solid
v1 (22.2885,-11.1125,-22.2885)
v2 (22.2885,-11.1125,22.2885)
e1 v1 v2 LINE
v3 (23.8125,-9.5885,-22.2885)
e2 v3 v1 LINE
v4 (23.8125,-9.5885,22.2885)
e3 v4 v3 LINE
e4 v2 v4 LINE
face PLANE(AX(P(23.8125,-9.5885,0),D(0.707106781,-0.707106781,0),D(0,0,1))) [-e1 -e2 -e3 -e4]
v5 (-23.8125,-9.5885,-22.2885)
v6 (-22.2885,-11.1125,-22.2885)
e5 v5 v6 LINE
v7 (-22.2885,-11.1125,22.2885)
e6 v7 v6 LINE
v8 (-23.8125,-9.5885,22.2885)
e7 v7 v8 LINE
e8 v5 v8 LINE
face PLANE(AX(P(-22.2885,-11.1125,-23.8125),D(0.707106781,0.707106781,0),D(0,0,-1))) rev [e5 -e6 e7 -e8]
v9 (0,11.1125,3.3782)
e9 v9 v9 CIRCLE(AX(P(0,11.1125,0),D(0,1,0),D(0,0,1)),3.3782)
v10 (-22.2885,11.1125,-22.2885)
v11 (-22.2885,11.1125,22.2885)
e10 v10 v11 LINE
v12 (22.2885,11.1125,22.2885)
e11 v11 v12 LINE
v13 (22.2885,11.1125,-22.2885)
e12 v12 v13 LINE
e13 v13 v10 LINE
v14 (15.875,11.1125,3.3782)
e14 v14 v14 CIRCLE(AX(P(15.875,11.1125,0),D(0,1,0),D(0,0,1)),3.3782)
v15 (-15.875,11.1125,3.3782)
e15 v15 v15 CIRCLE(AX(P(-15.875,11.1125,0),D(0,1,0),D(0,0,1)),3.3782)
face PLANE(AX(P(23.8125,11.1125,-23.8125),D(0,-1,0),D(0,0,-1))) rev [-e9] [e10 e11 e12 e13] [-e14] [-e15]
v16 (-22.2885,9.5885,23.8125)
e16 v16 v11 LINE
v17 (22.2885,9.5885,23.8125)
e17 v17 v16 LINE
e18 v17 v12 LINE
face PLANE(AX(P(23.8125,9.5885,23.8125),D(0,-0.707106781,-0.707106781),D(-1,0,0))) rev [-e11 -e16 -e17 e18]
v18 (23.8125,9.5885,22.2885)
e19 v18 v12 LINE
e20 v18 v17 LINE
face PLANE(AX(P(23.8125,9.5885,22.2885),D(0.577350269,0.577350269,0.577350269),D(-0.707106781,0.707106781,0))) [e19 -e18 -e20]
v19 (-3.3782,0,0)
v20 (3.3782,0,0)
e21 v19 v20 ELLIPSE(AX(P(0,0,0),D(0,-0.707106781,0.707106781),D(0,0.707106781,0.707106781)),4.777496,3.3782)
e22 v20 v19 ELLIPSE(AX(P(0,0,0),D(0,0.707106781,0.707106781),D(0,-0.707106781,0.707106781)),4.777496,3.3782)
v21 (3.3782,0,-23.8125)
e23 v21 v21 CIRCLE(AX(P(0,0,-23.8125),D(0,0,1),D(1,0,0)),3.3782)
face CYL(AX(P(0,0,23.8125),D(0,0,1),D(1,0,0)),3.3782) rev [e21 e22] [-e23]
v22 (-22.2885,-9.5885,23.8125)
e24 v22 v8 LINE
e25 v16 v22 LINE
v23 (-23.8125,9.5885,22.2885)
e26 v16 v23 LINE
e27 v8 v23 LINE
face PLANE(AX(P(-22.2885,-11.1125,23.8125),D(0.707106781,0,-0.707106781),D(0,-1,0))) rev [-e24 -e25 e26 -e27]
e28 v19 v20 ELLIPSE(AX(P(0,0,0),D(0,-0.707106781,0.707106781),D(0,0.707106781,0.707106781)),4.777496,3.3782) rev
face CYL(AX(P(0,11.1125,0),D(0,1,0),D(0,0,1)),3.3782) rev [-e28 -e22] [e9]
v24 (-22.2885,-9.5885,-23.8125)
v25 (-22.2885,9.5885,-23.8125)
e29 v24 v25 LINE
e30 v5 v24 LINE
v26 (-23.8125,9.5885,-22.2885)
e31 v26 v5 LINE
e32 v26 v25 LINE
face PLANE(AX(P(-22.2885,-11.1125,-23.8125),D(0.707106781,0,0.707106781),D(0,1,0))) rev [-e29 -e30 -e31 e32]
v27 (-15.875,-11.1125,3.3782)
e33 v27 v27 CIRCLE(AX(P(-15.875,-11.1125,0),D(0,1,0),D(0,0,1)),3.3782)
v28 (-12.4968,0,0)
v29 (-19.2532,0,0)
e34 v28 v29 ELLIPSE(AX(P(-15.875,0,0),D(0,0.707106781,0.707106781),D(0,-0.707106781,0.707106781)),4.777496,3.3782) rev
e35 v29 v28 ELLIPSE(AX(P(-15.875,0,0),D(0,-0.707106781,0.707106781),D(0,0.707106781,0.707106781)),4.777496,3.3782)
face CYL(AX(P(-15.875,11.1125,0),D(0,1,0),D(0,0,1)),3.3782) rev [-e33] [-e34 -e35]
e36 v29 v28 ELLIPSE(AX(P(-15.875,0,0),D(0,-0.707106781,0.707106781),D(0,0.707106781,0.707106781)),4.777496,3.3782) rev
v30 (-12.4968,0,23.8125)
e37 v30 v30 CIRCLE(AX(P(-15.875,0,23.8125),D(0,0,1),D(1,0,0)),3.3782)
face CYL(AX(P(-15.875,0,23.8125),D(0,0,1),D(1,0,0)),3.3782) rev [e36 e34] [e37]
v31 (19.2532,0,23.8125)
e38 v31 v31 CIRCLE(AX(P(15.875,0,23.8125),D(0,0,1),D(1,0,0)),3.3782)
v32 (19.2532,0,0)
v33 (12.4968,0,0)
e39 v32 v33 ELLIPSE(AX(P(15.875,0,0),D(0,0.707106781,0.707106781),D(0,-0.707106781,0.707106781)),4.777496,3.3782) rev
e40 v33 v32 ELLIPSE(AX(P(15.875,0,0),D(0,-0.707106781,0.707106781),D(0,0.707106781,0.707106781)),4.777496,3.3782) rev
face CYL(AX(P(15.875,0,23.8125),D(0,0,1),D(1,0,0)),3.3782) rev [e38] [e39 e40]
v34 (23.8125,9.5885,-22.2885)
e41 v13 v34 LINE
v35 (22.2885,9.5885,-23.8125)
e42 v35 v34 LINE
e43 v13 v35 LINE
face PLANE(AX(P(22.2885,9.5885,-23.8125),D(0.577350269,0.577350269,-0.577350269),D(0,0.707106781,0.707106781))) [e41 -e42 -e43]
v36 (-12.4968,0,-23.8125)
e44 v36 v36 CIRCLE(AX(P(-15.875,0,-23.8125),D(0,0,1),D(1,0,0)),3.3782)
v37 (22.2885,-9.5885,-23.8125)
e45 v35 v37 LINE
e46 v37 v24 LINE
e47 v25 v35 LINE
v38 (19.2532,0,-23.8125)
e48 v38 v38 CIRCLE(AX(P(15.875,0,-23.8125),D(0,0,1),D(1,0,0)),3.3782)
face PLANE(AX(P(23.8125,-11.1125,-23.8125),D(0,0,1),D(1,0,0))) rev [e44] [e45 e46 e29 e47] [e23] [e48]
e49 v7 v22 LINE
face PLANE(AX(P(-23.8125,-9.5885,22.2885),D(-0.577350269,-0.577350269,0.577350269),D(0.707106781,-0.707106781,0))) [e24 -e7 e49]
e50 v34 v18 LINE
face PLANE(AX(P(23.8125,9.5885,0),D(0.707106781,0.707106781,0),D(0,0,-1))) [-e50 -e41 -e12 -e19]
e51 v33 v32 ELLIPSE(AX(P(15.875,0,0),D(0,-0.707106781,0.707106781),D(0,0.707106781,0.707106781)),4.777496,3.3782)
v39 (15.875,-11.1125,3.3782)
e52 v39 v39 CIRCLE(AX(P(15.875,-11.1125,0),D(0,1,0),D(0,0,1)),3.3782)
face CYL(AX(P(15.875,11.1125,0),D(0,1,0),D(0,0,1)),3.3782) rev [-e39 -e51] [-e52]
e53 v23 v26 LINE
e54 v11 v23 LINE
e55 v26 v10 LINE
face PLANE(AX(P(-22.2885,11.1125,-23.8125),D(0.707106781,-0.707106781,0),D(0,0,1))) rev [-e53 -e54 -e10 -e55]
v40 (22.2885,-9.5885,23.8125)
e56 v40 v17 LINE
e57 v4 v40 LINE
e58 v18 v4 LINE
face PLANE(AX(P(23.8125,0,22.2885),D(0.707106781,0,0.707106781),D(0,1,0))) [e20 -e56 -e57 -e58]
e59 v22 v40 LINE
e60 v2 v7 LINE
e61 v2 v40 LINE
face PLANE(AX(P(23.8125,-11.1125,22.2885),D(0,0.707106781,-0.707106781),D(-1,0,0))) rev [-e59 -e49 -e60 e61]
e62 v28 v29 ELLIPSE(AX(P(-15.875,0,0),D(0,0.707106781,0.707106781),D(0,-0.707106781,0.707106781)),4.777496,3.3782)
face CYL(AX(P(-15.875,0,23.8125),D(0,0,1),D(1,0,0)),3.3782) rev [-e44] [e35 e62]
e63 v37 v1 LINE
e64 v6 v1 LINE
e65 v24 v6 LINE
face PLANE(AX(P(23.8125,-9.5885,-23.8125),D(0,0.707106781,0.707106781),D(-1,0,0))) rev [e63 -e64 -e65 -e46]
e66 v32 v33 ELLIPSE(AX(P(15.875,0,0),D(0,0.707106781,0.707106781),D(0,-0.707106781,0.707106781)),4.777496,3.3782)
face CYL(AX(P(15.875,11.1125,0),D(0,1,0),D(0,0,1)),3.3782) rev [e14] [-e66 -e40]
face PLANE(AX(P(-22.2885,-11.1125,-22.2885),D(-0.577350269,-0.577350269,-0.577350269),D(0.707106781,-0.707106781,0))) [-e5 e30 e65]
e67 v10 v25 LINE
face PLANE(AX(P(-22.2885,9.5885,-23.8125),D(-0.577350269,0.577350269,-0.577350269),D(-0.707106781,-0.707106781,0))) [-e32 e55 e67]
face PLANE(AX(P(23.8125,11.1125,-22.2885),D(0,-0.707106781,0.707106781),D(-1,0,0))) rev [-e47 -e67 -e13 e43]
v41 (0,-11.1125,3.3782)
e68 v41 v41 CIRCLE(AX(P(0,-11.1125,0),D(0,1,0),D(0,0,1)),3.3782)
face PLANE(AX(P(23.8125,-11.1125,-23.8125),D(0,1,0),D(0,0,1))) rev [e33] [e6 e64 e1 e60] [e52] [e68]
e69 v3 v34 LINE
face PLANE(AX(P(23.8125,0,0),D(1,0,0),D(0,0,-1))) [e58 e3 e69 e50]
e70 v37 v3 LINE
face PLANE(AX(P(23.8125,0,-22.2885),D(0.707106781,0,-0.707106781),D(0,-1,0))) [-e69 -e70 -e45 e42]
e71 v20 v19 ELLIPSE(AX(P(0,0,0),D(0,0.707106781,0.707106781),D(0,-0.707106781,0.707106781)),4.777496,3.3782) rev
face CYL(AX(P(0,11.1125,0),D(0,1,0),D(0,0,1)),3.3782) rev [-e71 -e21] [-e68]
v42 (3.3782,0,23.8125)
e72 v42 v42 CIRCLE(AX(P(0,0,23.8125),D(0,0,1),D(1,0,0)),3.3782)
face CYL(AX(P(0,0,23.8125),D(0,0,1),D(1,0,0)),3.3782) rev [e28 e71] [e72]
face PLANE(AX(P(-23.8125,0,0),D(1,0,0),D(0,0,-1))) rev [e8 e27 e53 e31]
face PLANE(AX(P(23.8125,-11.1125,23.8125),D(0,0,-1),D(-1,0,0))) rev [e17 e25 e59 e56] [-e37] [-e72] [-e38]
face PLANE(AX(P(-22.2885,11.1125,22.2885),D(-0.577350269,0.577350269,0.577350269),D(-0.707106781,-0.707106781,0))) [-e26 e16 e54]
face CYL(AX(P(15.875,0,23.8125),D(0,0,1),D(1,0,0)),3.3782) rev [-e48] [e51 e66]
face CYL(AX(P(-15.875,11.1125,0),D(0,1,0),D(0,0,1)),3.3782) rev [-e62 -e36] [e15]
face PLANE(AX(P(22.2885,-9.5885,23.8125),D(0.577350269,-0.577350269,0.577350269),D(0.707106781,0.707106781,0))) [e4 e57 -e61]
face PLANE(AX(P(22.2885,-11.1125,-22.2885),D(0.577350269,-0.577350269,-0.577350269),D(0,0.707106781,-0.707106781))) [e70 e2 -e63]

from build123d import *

# Parameters (mm, degrees)
SKETCH1_W               = 47.625
SKETCH1_H               = 22.225
BOSS_EXTRUDE1_DEPTH     = 23.8125
F_1_4_CLEARANCE_HOLE1_D = 6.7564
F_1_4_CLEARANCE_HOLE2_D = 6.7564
CHAMFER1_SIZE           = 1.524


with BuildPart() as part:
    # Sketch1 → Boss-Extrude1 (new, symmetric)
    with BuildSketch(Plane(origin=(0, 0, 0), x_dir=(0, 0, -1), z_dir=(1, 0, 0))):
        Rectangle(SKETCH1_W, SKETCH1_H)
    extrude(amount=BOSS_EXTRUDE1_DEPTH, both=True)

    # 1/4 Clearance Hole1 (through all)
    with Locations(Plane.XY.offset(23.8125)):
        with Locations((0, 0), (-15.875, 0), (15.875, 0)):
            Hole(F_1_4_CLEARANCE_HOLE1_D / 2)

    # 1/4 Clearance Hole2 (through all)
    with Locations(Plane(origin=(0, 11.1125, 0), x_dir=(1, 0, 0), z_dir=(0, 1, 0))):
        with Locations((-15.875, 0), (15.875, 0), (0, 0)):
            Hole(F_1_4_CLEARANCE_HOLE2_D / 2)

    # Chamfer1
    chamfer1_edges = [part.edges().sort_by_distance(p)[0] for p in [
        (23.8125, 0, -23.8125),
        (23.8125, 11.1125, 0),
        (23.8125, 0, 23.8125),
        (-23.8125, 11.1125, 0),
        (-23.8125, 0, -23.8125),
        (-23.8125, -11.1125, 0),
        (-23.8125, 0, 23.8125),
        (0, 11.1125, 23.8125),
        (0, 11.1125, -23.8125),
        (0, -11.1125, -23.8125),
        (0, -11.1125, 23.8125),
        (23.8125, -11.1125, 0),
    ]]
    chamfer(chamfer1_edges, length=CHAMFER1_SIZE)


solid = part.part
